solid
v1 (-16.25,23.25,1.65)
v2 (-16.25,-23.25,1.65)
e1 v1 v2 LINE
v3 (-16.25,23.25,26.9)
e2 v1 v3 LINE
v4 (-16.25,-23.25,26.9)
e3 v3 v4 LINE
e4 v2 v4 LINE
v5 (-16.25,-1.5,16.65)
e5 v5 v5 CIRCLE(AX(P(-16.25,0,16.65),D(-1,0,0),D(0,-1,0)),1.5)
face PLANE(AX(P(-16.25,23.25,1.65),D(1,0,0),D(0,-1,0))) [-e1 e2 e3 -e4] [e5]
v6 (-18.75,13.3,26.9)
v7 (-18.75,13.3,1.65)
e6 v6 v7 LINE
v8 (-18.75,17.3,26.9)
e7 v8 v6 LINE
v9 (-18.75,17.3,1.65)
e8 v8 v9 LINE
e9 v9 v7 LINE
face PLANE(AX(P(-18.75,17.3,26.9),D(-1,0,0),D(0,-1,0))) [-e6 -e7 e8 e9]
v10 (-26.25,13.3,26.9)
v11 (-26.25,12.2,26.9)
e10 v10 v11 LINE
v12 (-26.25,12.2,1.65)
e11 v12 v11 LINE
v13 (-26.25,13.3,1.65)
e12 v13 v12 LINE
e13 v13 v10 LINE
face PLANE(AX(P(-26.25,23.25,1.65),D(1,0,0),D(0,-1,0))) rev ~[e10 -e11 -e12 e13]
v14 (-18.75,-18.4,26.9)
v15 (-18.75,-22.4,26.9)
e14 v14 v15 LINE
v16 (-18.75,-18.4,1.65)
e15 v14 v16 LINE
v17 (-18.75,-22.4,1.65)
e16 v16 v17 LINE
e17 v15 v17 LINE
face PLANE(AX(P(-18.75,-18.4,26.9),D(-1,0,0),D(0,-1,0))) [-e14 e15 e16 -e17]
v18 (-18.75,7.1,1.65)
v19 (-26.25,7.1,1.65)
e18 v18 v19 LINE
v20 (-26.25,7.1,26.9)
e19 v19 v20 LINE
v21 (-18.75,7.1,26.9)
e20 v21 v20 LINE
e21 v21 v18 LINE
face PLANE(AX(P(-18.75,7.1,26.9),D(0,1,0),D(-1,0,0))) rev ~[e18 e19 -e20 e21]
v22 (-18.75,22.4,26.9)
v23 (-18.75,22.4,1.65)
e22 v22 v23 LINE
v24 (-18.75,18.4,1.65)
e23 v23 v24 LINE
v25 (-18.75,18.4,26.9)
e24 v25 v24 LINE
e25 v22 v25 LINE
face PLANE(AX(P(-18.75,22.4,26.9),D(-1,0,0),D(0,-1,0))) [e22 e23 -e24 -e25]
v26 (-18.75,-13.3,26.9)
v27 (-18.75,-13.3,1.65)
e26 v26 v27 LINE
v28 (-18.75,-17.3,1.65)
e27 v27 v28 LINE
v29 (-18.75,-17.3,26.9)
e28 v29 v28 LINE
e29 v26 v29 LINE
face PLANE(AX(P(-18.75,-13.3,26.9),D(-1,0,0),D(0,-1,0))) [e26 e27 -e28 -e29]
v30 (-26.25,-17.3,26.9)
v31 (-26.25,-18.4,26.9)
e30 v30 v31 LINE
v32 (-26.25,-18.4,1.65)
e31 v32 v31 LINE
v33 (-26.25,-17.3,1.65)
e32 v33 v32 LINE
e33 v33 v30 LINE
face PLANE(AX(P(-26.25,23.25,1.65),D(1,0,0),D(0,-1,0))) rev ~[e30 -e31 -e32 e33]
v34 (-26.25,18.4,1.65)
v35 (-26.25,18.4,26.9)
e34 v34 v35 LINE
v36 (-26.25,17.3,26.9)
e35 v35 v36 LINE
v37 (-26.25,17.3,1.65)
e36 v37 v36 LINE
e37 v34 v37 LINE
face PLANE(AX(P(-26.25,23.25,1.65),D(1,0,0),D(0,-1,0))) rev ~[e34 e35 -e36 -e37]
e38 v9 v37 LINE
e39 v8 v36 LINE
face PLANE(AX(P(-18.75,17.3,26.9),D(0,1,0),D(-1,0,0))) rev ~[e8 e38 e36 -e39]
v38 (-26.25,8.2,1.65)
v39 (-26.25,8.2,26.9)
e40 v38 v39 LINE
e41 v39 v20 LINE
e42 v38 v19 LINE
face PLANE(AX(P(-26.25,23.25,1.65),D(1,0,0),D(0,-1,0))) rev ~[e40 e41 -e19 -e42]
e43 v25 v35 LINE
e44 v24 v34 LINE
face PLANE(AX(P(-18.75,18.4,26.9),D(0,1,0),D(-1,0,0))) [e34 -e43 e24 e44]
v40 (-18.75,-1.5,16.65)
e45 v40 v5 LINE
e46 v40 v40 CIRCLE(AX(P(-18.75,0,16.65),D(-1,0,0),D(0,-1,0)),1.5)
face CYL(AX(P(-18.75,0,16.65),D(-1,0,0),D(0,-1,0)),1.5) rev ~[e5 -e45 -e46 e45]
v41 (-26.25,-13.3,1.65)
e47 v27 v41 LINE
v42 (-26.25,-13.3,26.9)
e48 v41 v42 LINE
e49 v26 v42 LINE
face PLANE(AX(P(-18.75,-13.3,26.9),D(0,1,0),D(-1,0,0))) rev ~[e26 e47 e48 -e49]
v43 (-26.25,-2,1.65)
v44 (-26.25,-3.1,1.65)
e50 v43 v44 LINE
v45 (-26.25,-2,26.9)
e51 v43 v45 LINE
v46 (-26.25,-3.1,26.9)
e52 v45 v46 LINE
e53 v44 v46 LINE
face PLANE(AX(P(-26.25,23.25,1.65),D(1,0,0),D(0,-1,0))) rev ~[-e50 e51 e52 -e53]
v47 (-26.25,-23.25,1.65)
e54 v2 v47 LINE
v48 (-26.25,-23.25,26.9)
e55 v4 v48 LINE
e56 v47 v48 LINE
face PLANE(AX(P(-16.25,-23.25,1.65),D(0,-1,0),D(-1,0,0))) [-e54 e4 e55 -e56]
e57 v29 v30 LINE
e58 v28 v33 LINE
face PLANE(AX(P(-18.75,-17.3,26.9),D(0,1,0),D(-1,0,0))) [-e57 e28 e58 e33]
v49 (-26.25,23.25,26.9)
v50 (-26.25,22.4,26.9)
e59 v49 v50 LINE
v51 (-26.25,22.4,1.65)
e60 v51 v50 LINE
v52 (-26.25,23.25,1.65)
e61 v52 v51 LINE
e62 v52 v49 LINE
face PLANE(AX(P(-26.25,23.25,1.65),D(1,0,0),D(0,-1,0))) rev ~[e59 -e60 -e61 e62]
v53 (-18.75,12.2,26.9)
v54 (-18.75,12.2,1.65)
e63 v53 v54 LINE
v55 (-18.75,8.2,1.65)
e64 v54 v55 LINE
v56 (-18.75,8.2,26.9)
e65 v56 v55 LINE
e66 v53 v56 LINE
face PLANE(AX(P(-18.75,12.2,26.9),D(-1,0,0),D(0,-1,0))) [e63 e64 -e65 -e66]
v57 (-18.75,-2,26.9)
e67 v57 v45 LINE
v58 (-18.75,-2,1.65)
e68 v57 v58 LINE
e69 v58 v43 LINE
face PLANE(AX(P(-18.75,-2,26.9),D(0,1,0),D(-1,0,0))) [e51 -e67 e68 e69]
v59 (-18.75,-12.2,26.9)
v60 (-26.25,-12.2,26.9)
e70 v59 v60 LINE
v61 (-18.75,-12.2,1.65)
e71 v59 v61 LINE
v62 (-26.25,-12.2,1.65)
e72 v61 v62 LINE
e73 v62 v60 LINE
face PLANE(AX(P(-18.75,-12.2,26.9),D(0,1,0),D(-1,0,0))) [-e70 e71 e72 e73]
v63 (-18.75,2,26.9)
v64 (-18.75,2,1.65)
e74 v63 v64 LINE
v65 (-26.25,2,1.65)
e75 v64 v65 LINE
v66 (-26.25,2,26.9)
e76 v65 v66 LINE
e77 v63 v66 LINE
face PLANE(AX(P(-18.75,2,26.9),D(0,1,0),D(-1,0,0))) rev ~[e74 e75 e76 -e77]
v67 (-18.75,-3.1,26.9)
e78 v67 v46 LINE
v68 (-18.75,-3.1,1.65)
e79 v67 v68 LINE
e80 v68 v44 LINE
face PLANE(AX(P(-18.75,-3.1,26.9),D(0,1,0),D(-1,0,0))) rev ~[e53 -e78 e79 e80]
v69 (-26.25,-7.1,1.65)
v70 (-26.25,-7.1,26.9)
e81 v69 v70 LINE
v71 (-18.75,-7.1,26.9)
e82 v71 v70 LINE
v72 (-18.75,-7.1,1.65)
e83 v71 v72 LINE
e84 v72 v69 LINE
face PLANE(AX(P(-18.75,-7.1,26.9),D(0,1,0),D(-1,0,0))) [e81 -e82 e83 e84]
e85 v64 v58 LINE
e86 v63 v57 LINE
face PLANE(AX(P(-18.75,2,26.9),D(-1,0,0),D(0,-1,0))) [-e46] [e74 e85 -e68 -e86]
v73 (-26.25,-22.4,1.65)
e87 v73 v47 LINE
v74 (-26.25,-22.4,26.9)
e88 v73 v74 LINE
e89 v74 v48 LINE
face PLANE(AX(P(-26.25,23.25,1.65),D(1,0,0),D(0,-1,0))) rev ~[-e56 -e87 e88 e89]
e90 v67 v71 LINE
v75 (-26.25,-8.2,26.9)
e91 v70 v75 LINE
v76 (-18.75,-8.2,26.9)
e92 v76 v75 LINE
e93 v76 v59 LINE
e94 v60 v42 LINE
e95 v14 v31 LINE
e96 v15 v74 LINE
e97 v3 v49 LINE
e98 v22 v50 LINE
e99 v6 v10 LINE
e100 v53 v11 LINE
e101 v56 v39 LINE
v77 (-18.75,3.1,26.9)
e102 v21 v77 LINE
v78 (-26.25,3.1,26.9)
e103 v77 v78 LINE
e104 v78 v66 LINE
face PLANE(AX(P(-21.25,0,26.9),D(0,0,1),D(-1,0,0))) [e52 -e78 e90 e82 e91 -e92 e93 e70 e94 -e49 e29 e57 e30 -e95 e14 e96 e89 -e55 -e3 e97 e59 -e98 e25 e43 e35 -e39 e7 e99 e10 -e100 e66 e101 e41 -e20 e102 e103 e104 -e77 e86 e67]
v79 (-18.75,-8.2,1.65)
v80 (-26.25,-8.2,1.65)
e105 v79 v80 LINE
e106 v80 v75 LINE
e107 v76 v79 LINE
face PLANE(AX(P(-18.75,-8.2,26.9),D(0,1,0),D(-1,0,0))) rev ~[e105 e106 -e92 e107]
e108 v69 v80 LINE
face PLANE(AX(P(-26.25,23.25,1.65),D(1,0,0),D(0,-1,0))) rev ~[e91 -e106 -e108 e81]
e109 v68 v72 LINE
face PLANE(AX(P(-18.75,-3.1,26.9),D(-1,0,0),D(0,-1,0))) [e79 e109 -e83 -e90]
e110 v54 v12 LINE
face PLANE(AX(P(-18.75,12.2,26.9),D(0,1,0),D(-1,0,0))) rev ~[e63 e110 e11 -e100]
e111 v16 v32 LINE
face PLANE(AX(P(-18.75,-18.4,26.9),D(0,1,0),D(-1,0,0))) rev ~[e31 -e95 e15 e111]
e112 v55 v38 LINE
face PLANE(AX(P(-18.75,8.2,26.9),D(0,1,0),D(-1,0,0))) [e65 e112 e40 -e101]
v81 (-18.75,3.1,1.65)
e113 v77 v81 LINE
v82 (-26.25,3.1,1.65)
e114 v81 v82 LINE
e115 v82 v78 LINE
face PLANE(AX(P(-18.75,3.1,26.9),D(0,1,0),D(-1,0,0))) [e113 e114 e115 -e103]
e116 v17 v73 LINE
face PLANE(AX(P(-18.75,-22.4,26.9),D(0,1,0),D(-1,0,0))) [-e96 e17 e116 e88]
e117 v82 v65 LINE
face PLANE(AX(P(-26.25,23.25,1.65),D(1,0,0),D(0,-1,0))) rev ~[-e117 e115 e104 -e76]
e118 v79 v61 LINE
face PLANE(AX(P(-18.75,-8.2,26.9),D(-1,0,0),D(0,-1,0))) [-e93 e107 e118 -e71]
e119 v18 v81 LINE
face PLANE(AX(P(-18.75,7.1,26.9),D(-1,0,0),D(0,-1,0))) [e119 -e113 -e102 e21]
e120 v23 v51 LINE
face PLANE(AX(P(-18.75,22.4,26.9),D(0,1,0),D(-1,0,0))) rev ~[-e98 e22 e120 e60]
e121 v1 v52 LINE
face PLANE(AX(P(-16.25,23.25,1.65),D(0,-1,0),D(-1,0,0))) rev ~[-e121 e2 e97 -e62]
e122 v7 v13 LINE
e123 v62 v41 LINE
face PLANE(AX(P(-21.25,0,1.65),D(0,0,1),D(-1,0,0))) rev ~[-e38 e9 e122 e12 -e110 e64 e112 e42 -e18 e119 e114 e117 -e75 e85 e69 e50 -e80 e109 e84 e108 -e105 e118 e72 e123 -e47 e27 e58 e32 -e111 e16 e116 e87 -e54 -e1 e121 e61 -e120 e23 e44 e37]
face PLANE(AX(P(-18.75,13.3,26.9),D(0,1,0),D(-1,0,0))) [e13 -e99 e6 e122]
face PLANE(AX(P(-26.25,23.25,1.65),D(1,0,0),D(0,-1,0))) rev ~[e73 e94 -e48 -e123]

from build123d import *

# Parameters (mm, degrees)
SKETCH007_W             = 10
SKETCH007_H             = 46.5
PAD002_DEPTH            = 25.25
SKETCH006_W             = 10
SKETCH006_H             = 4
POCKET004_DEPTH         = 25.25
SKETCH005_R             = 1.5
POCKET003_DEPTH         = 5
BODY002_PLACEMENT_ANGLE = 180


with BuildPart() as part:
    # Sketch007 → Pad002 (new body)
    with BuildSketch(Plane.XY):
        Rectangle(SKETCH007_W, SKETCH007_H)
    extrude(amount=PAD002_DEPTH)

    # Sketch006 (on Face6 of Pad002) → Pocket004 (cut)
    with BuildSketch(Plane.XY.offset(25.25)):
        with Locations((2.5, 20.4)):
            Rectangle(SKETCH006_W, SKETCH006_H)
        with Locations((2.5, 10.2)):
            Rectangle(SKETCH006_W, SKETCH006_H)
        with Locations((2.5, 15.3)):
            Rectangle(SKETCH006_W, SKETCH006_H)
        with Locations((2.5, 5.1)):
            Rectangle(SKETCH006_W, SKETCH006_H)
        with Locations((2.5, 0)):
            Rectangle(SKETCH006_W, SKETCH006_H)
        with Locations((2.5, -20.4)):
            Rectangle(SKETCH006_W, SKETCH006_H)
        with Locations((2.5, -15.3)):
            Rectangle(SKETCH006_W, SKETCH006_H)
        with Locations((2.5, -10.2)):
            Rectangle(SKETCH006_W, SKETCH006_H)
        with Locations((2.5, -5.1)):
            Rectangle(SKETCH006_W, SKETCH006_H)
    extrude(amount=-POCKET004_DEPTH, mode=Mode.SUBTRACT)

    # Sketch005 (on Face26 of Pocket004) → Pocket003 (cut)
    with BuildSketch(Plane.YZ.offset(-2.5)):
        with Locations((0, 15)):
            Circle(SKETCH005_R)
    extrude(amount=-POCKET003_DEPTH, mode=Mode.SUBTRACT)


with BuildPart() as part_1:
    # Body002 placement: moved
    add(part.part.moved(Location((-21.25, 0, 1.65))).rotate(Axis((-21.25, 0, 1.65), (0, 0, 1)), BODY002_PLACEMENT_ANGLE))


solid = part_1.part
